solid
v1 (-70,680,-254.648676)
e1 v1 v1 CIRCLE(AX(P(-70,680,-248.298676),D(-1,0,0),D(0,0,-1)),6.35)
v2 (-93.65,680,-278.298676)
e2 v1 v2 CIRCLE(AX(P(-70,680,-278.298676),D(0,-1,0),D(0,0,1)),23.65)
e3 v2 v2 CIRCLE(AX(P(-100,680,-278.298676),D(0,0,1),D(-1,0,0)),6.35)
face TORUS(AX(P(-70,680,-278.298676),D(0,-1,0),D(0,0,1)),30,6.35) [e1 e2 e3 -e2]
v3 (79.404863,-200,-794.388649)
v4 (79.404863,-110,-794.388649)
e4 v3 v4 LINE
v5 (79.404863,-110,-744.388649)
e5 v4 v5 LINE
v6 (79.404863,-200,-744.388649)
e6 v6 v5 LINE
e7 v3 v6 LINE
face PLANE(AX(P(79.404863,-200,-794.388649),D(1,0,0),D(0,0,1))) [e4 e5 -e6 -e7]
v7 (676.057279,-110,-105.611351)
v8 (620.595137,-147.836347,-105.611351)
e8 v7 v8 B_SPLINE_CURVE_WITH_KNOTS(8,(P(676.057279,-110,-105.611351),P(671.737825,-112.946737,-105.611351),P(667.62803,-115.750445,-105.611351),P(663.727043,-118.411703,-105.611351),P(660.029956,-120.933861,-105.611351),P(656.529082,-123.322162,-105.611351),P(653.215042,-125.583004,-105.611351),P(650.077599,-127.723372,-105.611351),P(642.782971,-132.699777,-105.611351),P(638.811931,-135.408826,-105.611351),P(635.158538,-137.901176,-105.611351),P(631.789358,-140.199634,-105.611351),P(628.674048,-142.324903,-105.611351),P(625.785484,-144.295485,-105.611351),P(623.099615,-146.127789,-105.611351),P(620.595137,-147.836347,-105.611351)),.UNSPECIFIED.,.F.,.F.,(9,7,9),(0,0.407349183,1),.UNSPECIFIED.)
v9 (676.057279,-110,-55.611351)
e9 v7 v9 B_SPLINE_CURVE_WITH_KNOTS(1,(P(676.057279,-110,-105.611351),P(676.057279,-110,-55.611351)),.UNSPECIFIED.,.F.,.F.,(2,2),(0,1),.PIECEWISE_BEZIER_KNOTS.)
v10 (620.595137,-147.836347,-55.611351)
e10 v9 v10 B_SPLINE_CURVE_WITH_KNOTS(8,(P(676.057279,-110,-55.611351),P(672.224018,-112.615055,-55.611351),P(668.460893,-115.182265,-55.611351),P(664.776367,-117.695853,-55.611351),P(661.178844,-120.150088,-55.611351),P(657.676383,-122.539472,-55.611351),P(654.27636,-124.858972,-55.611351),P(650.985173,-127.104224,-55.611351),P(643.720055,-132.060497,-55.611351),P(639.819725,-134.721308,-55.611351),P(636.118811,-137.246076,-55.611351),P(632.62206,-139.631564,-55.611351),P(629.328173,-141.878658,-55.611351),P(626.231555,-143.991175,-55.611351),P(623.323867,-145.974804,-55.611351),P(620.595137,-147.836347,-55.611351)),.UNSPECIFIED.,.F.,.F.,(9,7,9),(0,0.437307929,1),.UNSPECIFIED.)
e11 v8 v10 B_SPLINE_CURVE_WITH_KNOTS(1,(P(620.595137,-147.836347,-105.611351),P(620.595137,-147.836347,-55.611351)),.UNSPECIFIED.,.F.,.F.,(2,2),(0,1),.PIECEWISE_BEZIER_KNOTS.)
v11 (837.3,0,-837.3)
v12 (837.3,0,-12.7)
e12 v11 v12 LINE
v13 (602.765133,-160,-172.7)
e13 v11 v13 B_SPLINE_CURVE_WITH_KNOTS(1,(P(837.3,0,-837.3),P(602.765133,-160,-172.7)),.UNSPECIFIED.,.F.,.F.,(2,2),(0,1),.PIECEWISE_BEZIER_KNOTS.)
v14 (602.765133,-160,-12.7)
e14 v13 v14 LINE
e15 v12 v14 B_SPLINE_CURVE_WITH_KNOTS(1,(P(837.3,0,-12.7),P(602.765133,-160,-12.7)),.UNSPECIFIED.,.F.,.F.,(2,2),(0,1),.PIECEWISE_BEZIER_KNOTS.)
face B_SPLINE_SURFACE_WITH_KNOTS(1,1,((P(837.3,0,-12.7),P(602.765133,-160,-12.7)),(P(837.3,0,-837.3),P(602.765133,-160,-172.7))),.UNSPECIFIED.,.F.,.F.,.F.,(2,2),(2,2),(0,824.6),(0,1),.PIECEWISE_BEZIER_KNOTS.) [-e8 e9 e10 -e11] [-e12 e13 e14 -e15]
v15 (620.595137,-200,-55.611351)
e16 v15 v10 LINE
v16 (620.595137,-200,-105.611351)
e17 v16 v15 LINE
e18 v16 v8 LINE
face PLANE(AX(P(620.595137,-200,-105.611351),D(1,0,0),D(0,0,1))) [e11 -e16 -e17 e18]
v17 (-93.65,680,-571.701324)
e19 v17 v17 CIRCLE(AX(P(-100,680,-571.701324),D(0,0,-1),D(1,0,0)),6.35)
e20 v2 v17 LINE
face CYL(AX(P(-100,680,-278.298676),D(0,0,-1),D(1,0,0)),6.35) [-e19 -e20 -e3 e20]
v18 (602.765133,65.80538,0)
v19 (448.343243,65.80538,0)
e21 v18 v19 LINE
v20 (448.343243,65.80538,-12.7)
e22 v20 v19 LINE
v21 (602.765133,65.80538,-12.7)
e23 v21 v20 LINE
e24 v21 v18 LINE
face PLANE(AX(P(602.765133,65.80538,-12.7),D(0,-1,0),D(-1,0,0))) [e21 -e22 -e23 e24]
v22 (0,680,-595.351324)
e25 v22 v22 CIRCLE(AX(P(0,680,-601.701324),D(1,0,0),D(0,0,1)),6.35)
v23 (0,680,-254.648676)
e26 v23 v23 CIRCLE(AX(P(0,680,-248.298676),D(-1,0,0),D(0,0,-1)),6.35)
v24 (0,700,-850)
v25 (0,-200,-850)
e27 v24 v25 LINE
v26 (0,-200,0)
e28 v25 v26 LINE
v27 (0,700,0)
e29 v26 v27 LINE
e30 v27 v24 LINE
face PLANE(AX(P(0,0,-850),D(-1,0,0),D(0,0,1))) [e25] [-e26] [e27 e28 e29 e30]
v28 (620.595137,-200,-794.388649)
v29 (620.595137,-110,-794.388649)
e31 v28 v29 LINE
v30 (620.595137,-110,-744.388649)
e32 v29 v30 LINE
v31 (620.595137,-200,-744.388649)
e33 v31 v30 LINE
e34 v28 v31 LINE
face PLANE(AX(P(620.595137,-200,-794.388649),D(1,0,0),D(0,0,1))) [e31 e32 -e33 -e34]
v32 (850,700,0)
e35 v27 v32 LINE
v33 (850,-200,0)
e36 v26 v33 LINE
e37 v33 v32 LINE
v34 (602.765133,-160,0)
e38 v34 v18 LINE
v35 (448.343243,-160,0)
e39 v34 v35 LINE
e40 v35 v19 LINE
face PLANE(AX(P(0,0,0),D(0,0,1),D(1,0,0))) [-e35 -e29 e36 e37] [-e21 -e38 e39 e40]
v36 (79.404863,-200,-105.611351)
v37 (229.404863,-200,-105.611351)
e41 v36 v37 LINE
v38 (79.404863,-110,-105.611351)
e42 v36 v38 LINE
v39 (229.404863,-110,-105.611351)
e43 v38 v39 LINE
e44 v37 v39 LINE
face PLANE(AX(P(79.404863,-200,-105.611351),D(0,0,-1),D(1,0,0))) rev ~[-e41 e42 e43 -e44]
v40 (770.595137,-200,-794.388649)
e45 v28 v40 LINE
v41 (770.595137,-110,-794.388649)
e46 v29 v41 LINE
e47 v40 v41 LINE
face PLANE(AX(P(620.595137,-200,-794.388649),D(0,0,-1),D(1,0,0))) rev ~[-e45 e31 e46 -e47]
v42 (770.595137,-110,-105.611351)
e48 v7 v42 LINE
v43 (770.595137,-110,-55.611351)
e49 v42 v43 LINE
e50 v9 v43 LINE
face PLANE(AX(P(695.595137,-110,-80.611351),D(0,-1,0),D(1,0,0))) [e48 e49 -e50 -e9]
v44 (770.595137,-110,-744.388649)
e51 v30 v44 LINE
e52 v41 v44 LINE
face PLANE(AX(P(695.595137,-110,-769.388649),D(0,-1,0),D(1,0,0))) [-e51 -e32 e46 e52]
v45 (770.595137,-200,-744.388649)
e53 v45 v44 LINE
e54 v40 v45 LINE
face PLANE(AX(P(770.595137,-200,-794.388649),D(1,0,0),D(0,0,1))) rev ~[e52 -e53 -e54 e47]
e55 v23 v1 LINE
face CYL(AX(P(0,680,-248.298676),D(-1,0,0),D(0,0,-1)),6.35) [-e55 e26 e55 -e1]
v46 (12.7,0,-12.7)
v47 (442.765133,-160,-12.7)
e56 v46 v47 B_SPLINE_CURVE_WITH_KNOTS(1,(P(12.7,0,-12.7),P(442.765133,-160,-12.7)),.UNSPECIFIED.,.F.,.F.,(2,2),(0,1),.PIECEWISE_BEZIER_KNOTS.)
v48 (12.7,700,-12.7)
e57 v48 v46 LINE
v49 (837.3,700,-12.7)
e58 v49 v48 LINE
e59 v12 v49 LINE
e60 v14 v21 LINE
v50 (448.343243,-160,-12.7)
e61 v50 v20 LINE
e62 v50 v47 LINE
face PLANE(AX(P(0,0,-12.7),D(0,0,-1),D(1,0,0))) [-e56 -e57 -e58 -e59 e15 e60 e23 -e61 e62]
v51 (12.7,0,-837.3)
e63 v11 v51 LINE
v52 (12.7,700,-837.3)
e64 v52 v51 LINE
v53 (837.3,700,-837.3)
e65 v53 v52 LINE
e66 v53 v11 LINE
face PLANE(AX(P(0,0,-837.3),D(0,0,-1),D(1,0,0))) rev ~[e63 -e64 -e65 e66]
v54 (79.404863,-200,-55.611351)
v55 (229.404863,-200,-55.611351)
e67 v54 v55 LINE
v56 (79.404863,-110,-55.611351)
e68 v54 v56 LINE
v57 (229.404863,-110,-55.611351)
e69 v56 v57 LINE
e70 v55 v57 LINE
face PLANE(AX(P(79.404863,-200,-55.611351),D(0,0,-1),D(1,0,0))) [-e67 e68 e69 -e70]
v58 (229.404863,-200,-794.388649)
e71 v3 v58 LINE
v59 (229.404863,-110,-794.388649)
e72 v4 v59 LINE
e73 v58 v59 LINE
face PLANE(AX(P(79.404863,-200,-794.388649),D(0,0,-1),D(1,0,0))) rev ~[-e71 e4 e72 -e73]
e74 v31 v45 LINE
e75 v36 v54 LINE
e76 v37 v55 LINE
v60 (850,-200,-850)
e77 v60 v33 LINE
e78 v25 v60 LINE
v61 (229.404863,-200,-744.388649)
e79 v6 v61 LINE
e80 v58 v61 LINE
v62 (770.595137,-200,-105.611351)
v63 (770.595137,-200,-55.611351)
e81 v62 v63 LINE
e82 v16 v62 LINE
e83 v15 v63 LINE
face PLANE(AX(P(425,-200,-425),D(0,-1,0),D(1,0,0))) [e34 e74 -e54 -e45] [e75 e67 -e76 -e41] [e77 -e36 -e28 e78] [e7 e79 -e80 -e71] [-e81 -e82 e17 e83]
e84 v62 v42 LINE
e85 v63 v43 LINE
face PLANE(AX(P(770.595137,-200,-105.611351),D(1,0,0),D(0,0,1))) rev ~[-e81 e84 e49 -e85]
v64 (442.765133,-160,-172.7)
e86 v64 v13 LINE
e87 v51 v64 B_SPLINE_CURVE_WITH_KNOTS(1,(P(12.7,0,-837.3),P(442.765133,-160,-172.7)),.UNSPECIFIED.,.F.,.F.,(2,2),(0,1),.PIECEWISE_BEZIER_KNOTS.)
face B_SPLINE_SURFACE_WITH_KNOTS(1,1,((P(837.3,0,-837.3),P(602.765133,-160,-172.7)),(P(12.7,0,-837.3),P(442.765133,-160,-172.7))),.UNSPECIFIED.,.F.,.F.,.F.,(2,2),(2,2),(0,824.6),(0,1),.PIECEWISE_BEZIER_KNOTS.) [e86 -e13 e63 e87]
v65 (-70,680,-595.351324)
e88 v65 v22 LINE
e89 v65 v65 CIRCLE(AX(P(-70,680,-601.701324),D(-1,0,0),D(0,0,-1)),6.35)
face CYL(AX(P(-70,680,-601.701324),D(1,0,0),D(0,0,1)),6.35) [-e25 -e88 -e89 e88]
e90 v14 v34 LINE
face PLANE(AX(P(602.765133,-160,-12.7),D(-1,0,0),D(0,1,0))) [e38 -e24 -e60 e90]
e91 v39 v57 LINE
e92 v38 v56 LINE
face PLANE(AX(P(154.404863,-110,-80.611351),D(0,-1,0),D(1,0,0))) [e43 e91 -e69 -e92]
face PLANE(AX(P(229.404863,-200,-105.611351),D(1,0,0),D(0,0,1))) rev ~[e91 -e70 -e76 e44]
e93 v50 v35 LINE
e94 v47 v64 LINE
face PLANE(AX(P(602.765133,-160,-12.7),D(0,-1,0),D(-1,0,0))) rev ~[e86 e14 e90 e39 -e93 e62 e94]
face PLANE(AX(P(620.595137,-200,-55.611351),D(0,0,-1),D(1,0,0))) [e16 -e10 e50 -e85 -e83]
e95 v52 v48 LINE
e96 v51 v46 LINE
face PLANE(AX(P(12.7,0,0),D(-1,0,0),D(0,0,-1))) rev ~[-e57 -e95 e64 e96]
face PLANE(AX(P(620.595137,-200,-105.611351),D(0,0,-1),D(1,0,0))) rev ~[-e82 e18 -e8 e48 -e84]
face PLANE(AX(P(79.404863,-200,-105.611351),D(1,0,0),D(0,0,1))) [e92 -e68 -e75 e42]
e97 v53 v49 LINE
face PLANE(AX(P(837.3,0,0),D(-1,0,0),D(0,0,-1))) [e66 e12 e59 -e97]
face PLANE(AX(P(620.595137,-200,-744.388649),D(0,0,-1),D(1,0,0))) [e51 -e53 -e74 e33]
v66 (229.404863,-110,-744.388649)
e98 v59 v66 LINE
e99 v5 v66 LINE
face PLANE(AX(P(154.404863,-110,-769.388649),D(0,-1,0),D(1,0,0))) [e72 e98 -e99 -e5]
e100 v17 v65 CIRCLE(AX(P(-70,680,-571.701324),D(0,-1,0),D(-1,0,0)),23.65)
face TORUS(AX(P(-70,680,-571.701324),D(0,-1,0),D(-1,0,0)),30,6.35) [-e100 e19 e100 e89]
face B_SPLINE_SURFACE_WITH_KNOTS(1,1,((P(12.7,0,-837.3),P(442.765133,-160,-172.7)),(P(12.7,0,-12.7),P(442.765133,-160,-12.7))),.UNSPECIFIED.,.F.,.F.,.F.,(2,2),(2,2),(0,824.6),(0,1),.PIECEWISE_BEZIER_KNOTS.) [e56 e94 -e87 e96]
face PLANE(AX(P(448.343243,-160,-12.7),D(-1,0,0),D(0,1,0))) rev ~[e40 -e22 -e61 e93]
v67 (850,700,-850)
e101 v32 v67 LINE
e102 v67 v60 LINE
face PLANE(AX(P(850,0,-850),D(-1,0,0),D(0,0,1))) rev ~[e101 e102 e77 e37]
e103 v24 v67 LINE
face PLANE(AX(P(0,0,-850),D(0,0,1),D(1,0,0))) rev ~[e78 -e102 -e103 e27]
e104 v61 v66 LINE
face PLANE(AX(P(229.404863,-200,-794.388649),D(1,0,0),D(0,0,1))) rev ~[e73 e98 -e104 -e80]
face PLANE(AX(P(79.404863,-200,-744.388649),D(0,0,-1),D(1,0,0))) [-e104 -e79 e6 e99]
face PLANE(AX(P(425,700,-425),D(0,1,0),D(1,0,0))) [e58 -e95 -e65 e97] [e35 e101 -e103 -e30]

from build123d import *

# Parameters (mm, degrees)
CROQUIS1_W              = 850
CROQUIS1_H              = 850
SALIENTE_EXTRUIR1_DEPTH = 700
VACIADO1_T              = -12.7
CROQUIS2_W              = 850
CROQUIS2_H              = 850
SALIENTE_EXTRUIR2_DEPTH = 200
CROQUIS3_W              = 150
CROQUIS3_H              = 50
CORTAR_EXTRUIR1_DEPTH   = 90
BARRER4_PROFILE_R       = 6.35
CORTAR_EXTRUIR2_REACH   = 1385.319
CROQUIS28_W             = 154.421889756
CROQUIS28_H             = 225.805379595


with BuildPart() as part:
    # Croquis1 → Saliente-Extruir1 (new body)
    with BuildSketch(Plane(origin=(0, 0, 0), x_dir=(1, 0, 0), z_dir=(0, 1, 0))):
        with Locations((425, 425)):
            Rectangle(CROQUIS1_W, CROQUIS1_H)
    extrude(amount=SALIENTE_EXTRUIR1_DEPTH)

    # Vaciado1
    vaciado1_openings = [part.faces().sort_by_distance(p)[0] for p in [
        (425, 700, -425),
        (425, 0, -425),
    ]]
    offset(amount=VACIADO1_T, openings=vaciado1_openings, kind=Kind.INTERSECTION)

    # Croquis2 → Saliente-Extruir2 (add)
    with BuildSketch(Plane.XZ):
        with Locations((425, -425)):
            Rectangle(CROQUIS2_W, CROQUIS2_H)
    extrude(amount=SALIENTE_EXTRUIR2_DEPTH)

    # Croquis3 → Cortar-Extruir1 (cut)
    with BuildSketch(Plane.XZ.offset(200)):
        with Locations((154.404863241, -80.611350772)):
            Rectangle(CROQUIS3_W, CROQUIS3_H)
        with Locations((695.595136759, -80.611350772)):
            Rectangle(CROQUIS3_W, CROQUIS3_H)
        with Locations((154.404863241, -769.388649228)):
            Rectangle(CROQUIS3_W, CROQUIS3_H)
        with Locations((695.595136759, -769.388649228)):
            Rectangle(CROQUIS3_W, CROQUIS3_H)
    extrude(amount=-CORTAR_EXTRUIR1_DEPTH, mode=Mode.SUBTRACT)

    # Croquis8 → Cortar-Recubrir1 section 0
    with BuildSketch(Plane(origin=(0, 0, 0), x_dir=(1, 0, 0), z_dir=(0, 1, 0))):
        with BuildLine():
            Line((12.7, 12.7), (837.3, 12.7))
            Line((837.3, 12.7), (837.3, 837.3))
            Line((837.3, 837.3), (12.7, 837.3))
            Line((12.7, 837.3), (12.7, 12.7))
        make_face()
    # Croquis6 → Cortar-Recubrir1 section 1
    with BuildSketch(Plane(origin=(0, -160, 0), x_dir=(-1, 0, 0), z_dir=(0, -1, 0))):
        with BuildLine():
            Line((-602.765132653, 12.7), (-442.765132653, 12.7))
            Line((-442.765132653, 12.7), (-442.765132653, 172.7))
            Line((-442.765132653, 172.7), (-602.765132653, 172.7))
            Line((-602.765132653, 172.7), (-602.765132653, 12.7))
        make_face()
    loft(mode=Mode.SUBTRACT)

    # Barrer4: sweep along a path in Croquis11
    with BuildLine(Plane(origin=(0, 680, 0), x_dir=(1, 0, 0), z_dir=(0, 1, 0))) as barrer4_path:
        Line((0, 248.298675653), (-70, 248.298675653))
        ThreePointArc((-70, 248.298675653), (-91.213203436, 257.085472217), (-100, 278.298675653))
        Line((-100, 278.298675653), (-100, 571.701324347))
        ThreePointArc((-100, 571.701324347), (-91.213203436, 592.914527783), (-70, 601.701324347))
        Line((-70, 601.701324347), (0, 601.701324347))
    # Barrer4 profile (on start of the path) → Barrer4 (sweep)
    with BuildSketch(Plane(origin=(0, 680, -248.298675653), x_dir=(0, 0, -1), z_dir=(-1, 0, 0))):
        Circle(BARRER4_PROFILE_R)
    sweep(path=barrer4_path.line)

    # Croquis28 → Cortar-Extruir2 (cut, up to next)
    with BuildSketch(Plane(origin=(0, 0, -12.7), x_dir=(-1, 0, 0), z_dir=(0, 0, -1)), mode=Mode.PRIVATE) as cortar_extruir2_sk1:
        with Locations((-525.554187775, -47.097310202)):
            Rectangle(CROQUIS28_W, CROQUIS28_H)
    cortar_extruir2_tool1 = extrude(cortar_extruir2_sk1.sketch, amount=-CORTAR_EXTRUIR2_REACH, mode=Mode.PRIVATE) & part.part
    add(cortar_extruir2_tool1.solids().sort_by_distance((525.554188, -47.09731, -12.7))[0], mode=Mode.SUBTRACT)


solid = part.part
